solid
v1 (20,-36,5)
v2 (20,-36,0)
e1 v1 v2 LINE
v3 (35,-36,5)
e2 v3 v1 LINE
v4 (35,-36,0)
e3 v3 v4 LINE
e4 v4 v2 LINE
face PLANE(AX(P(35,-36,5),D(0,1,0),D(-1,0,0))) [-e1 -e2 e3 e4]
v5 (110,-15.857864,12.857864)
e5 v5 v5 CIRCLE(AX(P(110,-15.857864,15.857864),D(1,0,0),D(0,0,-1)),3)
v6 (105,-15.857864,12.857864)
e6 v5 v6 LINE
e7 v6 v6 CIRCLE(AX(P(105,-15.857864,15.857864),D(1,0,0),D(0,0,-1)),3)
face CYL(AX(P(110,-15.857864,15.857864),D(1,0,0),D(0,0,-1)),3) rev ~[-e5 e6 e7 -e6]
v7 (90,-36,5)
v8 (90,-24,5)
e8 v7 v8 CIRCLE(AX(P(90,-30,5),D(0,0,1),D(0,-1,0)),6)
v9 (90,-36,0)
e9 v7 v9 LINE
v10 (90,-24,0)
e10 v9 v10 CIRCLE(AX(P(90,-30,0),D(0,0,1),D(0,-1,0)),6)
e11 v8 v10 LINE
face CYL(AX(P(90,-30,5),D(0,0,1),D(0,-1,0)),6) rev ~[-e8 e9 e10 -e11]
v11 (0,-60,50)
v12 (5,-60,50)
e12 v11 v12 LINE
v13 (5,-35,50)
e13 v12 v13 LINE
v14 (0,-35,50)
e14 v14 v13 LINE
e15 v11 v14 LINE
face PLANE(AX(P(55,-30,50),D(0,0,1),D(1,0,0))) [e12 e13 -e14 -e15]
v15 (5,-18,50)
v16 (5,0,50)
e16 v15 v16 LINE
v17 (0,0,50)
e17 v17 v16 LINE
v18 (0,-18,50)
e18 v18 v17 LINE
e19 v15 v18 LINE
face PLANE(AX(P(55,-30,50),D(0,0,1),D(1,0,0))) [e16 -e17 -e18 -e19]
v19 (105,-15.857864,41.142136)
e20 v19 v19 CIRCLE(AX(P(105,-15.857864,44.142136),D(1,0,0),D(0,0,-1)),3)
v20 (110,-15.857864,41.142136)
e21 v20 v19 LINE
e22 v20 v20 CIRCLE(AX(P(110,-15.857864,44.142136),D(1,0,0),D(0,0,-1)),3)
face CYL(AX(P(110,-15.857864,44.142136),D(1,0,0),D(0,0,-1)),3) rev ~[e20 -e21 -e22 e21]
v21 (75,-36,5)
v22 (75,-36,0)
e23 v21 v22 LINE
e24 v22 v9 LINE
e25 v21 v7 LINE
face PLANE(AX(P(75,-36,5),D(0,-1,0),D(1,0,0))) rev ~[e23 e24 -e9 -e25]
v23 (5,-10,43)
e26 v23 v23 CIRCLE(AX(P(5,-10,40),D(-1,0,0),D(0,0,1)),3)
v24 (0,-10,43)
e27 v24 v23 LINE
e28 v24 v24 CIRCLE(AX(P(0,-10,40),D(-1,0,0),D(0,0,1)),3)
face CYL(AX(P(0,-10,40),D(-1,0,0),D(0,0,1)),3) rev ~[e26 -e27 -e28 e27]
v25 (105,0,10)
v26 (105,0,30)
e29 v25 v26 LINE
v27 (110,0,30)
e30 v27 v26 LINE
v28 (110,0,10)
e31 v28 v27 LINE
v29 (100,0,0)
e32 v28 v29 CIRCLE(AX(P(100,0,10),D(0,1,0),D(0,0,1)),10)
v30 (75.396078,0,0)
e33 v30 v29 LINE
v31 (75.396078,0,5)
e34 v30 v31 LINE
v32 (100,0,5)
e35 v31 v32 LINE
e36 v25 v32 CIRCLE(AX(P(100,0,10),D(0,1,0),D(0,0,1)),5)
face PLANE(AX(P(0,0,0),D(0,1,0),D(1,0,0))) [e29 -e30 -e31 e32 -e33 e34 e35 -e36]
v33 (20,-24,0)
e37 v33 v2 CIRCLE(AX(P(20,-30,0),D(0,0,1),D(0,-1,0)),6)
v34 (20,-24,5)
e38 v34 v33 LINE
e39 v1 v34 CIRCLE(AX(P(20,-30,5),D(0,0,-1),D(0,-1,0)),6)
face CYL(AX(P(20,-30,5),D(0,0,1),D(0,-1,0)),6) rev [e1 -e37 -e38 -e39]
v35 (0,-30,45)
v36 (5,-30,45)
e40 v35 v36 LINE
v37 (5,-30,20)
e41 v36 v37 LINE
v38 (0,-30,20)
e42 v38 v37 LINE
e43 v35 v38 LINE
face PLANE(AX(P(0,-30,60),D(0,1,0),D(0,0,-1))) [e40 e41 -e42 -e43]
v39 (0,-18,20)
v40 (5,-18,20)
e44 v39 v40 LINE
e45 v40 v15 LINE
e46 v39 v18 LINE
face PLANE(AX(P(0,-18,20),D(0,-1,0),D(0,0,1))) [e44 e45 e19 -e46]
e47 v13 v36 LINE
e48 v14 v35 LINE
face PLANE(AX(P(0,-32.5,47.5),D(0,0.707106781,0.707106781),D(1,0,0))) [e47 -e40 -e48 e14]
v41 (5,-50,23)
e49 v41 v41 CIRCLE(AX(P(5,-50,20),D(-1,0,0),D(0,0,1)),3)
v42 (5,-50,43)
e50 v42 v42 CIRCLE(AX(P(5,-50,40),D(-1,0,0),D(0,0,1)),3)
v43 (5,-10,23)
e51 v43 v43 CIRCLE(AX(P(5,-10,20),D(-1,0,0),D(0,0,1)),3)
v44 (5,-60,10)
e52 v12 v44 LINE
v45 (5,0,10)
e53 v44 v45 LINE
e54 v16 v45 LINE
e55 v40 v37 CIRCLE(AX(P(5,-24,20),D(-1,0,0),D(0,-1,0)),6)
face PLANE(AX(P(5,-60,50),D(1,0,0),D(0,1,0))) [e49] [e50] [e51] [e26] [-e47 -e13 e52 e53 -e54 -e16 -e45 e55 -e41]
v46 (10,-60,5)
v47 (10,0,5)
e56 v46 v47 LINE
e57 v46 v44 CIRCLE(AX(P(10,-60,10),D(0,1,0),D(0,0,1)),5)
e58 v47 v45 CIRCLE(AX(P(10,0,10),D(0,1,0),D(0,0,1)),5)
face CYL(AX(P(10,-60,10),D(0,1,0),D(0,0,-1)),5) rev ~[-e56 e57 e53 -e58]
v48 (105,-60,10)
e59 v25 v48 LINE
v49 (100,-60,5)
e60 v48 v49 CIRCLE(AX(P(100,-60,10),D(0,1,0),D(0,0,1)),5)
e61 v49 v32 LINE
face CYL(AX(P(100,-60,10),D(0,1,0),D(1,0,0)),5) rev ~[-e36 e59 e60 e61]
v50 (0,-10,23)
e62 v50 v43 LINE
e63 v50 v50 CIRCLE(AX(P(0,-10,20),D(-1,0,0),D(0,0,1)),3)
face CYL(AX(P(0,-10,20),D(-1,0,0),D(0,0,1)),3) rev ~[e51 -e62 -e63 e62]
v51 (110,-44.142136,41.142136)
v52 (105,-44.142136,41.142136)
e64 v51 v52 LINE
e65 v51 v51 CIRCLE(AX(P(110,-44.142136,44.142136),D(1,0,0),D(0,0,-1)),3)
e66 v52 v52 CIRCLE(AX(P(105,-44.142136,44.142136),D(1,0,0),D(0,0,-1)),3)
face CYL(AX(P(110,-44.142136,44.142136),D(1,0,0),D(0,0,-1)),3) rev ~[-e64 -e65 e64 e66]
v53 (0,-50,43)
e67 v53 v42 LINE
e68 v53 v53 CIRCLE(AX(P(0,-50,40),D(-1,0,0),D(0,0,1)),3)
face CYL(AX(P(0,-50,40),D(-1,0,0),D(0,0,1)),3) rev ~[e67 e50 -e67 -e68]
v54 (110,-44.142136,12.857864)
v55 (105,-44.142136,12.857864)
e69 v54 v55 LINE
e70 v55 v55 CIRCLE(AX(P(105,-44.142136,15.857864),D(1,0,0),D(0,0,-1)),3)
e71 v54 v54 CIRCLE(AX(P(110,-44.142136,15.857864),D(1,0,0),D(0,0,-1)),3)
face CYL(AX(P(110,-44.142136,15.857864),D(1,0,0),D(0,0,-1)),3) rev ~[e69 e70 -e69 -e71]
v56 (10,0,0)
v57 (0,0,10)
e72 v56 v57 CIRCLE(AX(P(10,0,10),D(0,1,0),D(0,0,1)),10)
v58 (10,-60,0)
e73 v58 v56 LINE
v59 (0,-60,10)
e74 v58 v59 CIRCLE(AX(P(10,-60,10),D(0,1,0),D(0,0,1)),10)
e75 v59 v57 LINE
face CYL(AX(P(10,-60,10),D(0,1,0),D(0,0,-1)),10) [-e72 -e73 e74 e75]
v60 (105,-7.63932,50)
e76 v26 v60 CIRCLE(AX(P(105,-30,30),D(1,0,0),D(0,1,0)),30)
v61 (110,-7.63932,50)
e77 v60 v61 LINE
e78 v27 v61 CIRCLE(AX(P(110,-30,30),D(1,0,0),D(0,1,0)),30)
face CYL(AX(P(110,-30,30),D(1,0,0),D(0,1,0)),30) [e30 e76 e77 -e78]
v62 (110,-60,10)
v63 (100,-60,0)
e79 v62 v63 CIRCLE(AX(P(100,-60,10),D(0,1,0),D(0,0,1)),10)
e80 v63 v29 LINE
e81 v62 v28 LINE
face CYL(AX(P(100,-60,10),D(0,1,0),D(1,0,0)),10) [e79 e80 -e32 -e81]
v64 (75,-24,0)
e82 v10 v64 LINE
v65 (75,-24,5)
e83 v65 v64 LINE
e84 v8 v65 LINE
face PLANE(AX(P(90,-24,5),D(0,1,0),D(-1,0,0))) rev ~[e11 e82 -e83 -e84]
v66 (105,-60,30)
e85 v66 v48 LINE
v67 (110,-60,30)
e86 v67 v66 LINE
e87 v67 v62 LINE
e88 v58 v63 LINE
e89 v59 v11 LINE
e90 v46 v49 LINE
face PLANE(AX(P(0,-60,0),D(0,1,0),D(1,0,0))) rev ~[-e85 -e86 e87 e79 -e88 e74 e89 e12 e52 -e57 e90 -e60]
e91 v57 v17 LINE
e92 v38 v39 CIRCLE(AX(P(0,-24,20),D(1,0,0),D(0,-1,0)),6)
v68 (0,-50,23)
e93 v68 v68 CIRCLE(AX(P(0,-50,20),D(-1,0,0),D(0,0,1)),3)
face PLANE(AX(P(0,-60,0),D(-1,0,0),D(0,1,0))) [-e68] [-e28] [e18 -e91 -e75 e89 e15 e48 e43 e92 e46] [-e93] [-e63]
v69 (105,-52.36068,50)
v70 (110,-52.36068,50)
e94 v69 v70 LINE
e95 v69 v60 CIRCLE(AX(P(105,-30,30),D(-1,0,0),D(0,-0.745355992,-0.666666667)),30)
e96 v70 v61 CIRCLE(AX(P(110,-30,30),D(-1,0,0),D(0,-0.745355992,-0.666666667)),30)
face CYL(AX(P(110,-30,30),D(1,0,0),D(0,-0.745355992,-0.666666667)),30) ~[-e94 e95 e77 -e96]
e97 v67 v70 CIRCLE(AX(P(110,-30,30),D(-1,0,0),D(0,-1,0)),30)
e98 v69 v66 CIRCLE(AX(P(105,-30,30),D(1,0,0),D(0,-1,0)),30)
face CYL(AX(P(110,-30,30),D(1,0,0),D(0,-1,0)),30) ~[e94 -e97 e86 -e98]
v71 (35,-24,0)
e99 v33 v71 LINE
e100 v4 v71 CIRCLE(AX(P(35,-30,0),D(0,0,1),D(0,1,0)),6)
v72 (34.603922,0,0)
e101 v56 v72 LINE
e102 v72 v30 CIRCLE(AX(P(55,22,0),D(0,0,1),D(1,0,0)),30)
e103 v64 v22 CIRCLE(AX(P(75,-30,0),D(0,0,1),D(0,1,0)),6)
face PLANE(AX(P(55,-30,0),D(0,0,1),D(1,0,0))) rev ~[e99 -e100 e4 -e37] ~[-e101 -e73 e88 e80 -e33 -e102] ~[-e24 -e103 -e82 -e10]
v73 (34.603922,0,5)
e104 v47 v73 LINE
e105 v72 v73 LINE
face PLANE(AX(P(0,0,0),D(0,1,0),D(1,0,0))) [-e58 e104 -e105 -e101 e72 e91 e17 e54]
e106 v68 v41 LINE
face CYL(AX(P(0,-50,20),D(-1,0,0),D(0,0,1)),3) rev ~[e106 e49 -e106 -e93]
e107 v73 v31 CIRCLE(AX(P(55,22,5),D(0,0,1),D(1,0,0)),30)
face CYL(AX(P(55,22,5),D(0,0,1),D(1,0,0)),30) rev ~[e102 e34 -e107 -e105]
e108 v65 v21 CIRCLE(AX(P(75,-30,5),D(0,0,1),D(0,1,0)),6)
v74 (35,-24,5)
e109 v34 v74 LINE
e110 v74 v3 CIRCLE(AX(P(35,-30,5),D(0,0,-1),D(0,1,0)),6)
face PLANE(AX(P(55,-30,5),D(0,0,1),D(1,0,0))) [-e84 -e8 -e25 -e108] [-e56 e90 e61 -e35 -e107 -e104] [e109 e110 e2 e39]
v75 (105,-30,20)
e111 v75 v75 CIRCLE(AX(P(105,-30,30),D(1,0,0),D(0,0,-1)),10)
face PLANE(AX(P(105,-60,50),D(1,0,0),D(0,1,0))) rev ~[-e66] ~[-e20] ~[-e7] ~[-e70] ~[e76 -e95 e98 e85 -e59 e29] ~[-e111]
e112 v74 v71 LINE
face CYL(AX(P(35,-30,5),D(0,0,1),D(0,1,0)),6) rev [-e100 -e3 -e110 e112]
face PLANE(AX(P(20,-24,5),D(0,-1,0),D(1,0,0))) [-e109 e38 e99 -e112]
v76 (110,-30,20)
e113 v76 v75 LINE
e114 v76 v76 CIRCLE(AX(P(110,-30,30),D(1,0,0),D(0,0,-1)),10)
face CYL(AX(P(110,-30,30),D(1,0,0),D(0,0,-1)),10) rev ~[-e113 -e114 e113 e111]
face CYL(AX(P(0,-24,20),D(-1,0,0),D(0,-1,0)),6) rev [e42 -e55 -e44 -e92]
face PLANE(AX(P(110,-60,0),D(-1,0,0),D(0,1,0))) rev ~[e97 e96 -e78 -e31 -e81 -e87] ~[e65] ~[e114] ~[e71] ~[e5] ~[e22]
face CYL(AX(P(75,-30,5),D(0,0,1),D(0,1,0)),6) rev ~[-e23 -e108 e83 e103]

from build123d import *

# Parameters (mm, degrees)
SKETCH1_W           = 110
SKETCH1_H           = 60
BOSS_EXTRUDE1_DEPTH = 50
SKETCH2_W           = 100
SKETCH2_H           = 60
CUT_EXTRUDE1_DEPTH  = 45
FILLET1_R           = 5
FILLET2_R           = 10
SKETCH3_R           = 30
CUT_EXTRUDE2_DEPTH  = 6
CUT_EXTRUDE3_DEPTH  = 6
CUT_EXTRUDE4_REACH  = 112
CUT_EXTRUDE5_REACH  = 112
SKETCH6_R           = 3
BOSS_EXTRUDE2_DEPTH = 5
CUT_EXTRUDE6_REACH  = 112
CUT_EXTRUDE9_REACH  = 112
SKETCH10_R          = 10
SKETCH10_R_2        = 3
CHAMFER1_SIZE       = 5


with BuildPart() as part:
    # Sketch1 → Boss-Extrude1 (new body)
    with BuildSketch(Plane.XY):
        with Locations((55, -30)):
            Rectangle(SKETCH1_W, SKETCH1_H)
    extrude(amount=BOSS_EXTRUDE1_DEPTH)

    # Sketch2 → Cut-Extrude1 (cut)
    with BuildSketch(Plane.XY.offset(50)):
        with Locations((55, -30)):
            Rectangle(SKETCH2_W, SKETCH2_H)
    extrude(amount=-CUT_EXTRUDE1_DEPTH, mode=Mode.SUBTRACT)

    # Fillet1
    fillet1_edges = [part.edges().sort_by_distance(p)[0] for p in [
        (5, -30, 5),
        (105, -30, 5),
    ]]
    fillet(fillet1_edges, radius=FILLET1_R)

    # Fillet2
    fillet2_edges = [part.edges().sort_by_distance(p)[0] for p in [
        (110, -30, 0),
        (0, -30, 0),
    ]]
    fillet(fillet2_edges, radius=FILLET2_R)

    # Sketch3 → Cut-Extrude2 (cut, through all)
    with BuildSketch(Plane.XY.offset(5)):
        with Locations((55, 22)):
            Circle(SKETCH3_R)
    extrude(amount=-CUT_EXTRUDE2_DEPTH, mode=Mode.SUBTRACT)

    # Sketch4 → Cut-Extrude3 (cut, through all)
    with BuildSketch(Plane.XY.offset(5)):
        with BuildLine():
            Line((20, -24), (35, -24))
            ThreePointArc((35, -24), (41, -30), (35, -36))
            Line((35, -36), (20, -36))
            ThreePointArc((20, -36), (14, -30), (20, -24))
        make_face()
        with BuildLine():
            Line((90, -24), (75, -24))
            ThreePointArc((75, -24), (69, -30), (75, -36))
            Line((75, -36), (90, -36))
            ThreePointArc((90, -36), (96, -30), (90, -24))
        make_face()
    extrude(amount=-CUT_EXTRUDE3_DEPTH, mode=Mode.SUBTRACT)

    # Sketch5 → Cut-Extrude4 (cut, up to next)
    with BuildSketch(Plane.ZY, mode=Mode.PRIVATE) as cut_extrude4_sk1:
        with BuildLine():
            Line((60, -30), (20, -30))
            ThreePointArc((20, -30), (14, -24), (20, -18))
            Line((20, -18), (60, -18))
            ThreePointArc((60, -18), (66, -24), (60, -30))
        make_face()
    cut_extrude4_tool1 = extrude(cut_extrude4_sk1.sketch, amount=-CUT_EXTRUDE4_REACH, mode=Mode.PRIVATE) & part.part
    add(cut_extrude4_tool1.solids().sort_by_distance((0, -24, 40))[0], mode=Mode.SUBTRACT)

    # Sketch6 → Cut-Extrude5 (cut, up to next)
    with BuildSketch(Plane.ZY, mode=Mode.PRIVATE) as cut_extrude5_sk1:
        with Locations((20, -10)):
            Circle(SKETCH6_R)
    cut_extrude5_tool1 = extrude(cut_extrude5_sk1.sketch, amount=-CUT_EXTRUDE5_REACH, mode=Mode.PRIVATE) & part.part
    add(cut_extrude5_tool1.solids().sort_by_distance((0, -10, 20))[0], mode=Mode.SUBTRACT)
    # Sketch6 → Cut-Extrude5 (cut, up to next)
    with BuildSketch(Plane.ZY, mode=Mode.PRIVATE) as cut_extrude5_sk2:
        with Locations((40, -10)):
            Circle(SKETCH6_R)
    cut_extrude5_tool2 = extrude(cut_extrude5_sk2.sketch, amount=-CUT_EXTRUDE5_REACH, mode=Mode.PRIVATE) & part.part
    add(cut_extrude5_tool2.solids().sort_by_distance((0, -10, 40))[0], mode=Mode.SUBTRACT)
    # Sketch6 → Cut-Extrude5 (cut, up to next)
    with BuildSketch(Plane.ZY, mode=Mode.PRIVATE) as cut_extrude5_sk3:
        with Locations((40, -50)):
            Circle(SKETCH6_R)
    cut_extrude5_tool3 = extrude(cut_extrude5_sk3.sketch, amount=-CUT_EXTRUDE5_REACH, mode=Mode.PRIVATE) & part.part
    add(cut_extrude5_tool3.solids().sort_by_distance((0, -50, 40))[0], mode=Mode.SUBTRACT)
    # Sketch6 → Cut-Extrude5 (cut, up to next)
    with BuildSketch(Plane.ZY, mode=Mode.PRIVATE) as cut_extrude5_sk4:
        with Locations((20, -50)):
            Circle(SKETCH6_R)
    cut_extrude5_tool4 = extrude(cut_extrude5_sk4.sketch, amount=-CUT_EXTRUDE5_REACH, mode=Mode.PRIVATE) & part.part
    add(cut_extrude5_tool4.solids().sort_by_distance((0, -50, 20))[0], mode=Mode.SUBTRACT)

    # Sketch8 → Boss-Extrude2 (add)
    with BuildSketch(Plane(origin=(110, 0, 0), x_dir=(0, 0, -1), z_dir=(1, 0, 0))):
        with BuildLine():
            Line((-10, -7.639320225), (-10, -52.360679775))
            ThreePointArc((-10, -52.360679775), (-60, -30), (-10, -7.639320225))
        make_face()
    extrude(amount=-BOSS_EXTRUDE2_DEPTH)

    # Sketch9 → Cut-Extrude6 (cut, up to next)
    with BuildSketch(Plane(origin=(110, 0, 0), x_dir=(0, 0, -1), z_dir=(1, 0, 0)), mode=Mode.PRIVATE) as cut_extrude6_sk1:
        with BuildLine():
            Line((-50, -7.639320225), (-50, 0))
            Line((-50, 0), (-30, 0))
            ThreePointArc((-30, 0), (-40.704662693, -1.974829231), (-50, -7.639320225))
        make_face()
    cut_extrude6_tool1 = extrude(cut_extrude6_sk1.sketch, amount=-CUT_EXTRUDE6_REACH, mode=Mode.PRIVATE) & part.part
    add(cut_extrude6_tool1.solids().sort_by_distance((110, -2.231338, 45.13628))[0], mode=Mode.SUBTRACT)
    # Sketch9 → Cut-Extrude6 (cut, up to next)
    with BuildSketch(Plane(origin=(110, 0, 0), x_dir=(0, 0, -1), z_dir=(1, 0, 0)), mode=Mode.PRIVATE) as cut_extrude6_sk2:
        with BuildLine():
            Line((-50, -60), (-30, -60))
            ThreePointArc((-30, -60), (-40.704662693, -58.025170769), (-50, -52.360679775))
            Line((-50, -52.360679775), (-50, -60))
        make_face()
    cut_extrude6_tool2 = extrude(cut_extrude6_sk2.sketch, amount=-CUT_EXTRUDE6_REACH, mode=Mode.PRIVATE) & part.part
    add(cut_extrude6_tool2.solids().sort_by_distance((110, -57.768662, 45.13628))[0], mode=Mode.SUBTRACT)

    # Sketch10 → Cut-Extrude9 (cut, up to next)
    with BuildSketch(Plane(origin=(110, 0, 0), x_dir=(0, 0, -1), z_dir=(1, 0, 0)), mode=Mode.PRIVATE) as cut_extrude9_sk1:
        with Locations((-30, -30)):
            Circle(SKETCH10_R)
    cut_extrude9_tool1 = extrude(cut_extrude9_sk1.sketch, amount=-CUT_EXTRUDE9_REACH, mode=Mode.PRIVATE) & part.part
    add(cut_extrude9_tool1.solids().sort_by_distance((110, -30, 30))[0], mode=Mode.SUBTRACT)
    # Sketch10 → Cut-Extrude9 (cut, up to next)
    with BuildSketch(Plane(origin=(110, 0, 0), x_dir=(0, 0, -1), z_dir=(1, 0, 0)), mode=Mode.PRIVATE) as cut_extrude9_sk2:
        with Locations((-44.142135624, -15.857864376)):
            Circle(SKETCH10_R_2)
    cut_extrude9_tool2 = extrude(cut_extrude9_sk2.sketch, amount=-CUT_EXTRUDE9_REACH, mode=Mode.PRIVATE) & part.part
    add(cut_extrude9_tool2.solids().sort_by_distance((110, -15.857864, 44.142136))[0], mode=Mode.SUBTRACT)
    # Sketch10 → Cut-Extrude9 (cut, up to next)
    with BuildSketch(Plane(origin=(110, 0, 0), x_dir=(0, 0, -1), z_dir=(1, 0, 0)), mode=Mode.PRIVATE) as cut_extrude9_sk3:
        with Locations((-15.857864376, -15.857864376)):
            Circle(SKETCH10_R_2)
    cut_extrude9_tool3 = extrude(cut_extrude9_sk3.sketch, amount=-CUT_EXTRUDE9_REACH, mode=Mode.PRIVATE) & part.part
    add(cut_extrude9_tool3.solids().sort_by_distance((110, -15.857864, 15.857864))[0], mode=Mode.SUBTRACT)
    # Sketch10 → Cut-Extrude9 (cut, up to next)
    with BuildSketch(Plane(origin=(110, 0, 0), x_dir=(0, 0, -1), z_dir=(1, 0, 0)), mode=Mode.PRIVATE) as cut_extrude9_sk4:
        with Locations((-15.857864376, -44.142135624)):
            Circle(SKETCH10_R_2)
    cut_extrude9_tool4 = extrude(cut_extrude9_sk4.sketch, amount=-CUT_EXTRUDE9_REACH, mode=Mode.PRIVATE) & part.part
    add(cut_extrude9_tool4.solids().sort_by_distance((110, -44.142136, 15.857864))[0], mode=Mode.SUBTRACT)
    # Sketch10 → Cut-Extrude9 (cut, up to next)
    with BuildSketch(Plane(origin=(110, 0, 0), x_dir=(0, 0, -1), z_dir=(1, 0, 0)), mode=Mode.PRIVATE) as cut_extrude9_sk5:
        with Locations((-44.142135624, -44.142135624)):
            Circle(SKETCH10_R_2)
    cut_extrude9_tool5 = extrude(cut_extrude9_sk5.sketch, amount=-CUT_EXTRUDE9_REACH, mode=Mode.PRIVATE) & part.part
    add(cut_extrude9_tool5.solids().sort_by_distance((110, -44.142136, 44.142136))[0], mode=Mode.SUBTRACT)

    # Chamfer1
    chamfer1_edges = [part.edges().sort_by_distance(p)[0] for p in [
        (2.5, -30, 50),
    ]]
    chamfer(chamfer1_edges, length=CHAMFER1_SIZE)


solid = part.part
